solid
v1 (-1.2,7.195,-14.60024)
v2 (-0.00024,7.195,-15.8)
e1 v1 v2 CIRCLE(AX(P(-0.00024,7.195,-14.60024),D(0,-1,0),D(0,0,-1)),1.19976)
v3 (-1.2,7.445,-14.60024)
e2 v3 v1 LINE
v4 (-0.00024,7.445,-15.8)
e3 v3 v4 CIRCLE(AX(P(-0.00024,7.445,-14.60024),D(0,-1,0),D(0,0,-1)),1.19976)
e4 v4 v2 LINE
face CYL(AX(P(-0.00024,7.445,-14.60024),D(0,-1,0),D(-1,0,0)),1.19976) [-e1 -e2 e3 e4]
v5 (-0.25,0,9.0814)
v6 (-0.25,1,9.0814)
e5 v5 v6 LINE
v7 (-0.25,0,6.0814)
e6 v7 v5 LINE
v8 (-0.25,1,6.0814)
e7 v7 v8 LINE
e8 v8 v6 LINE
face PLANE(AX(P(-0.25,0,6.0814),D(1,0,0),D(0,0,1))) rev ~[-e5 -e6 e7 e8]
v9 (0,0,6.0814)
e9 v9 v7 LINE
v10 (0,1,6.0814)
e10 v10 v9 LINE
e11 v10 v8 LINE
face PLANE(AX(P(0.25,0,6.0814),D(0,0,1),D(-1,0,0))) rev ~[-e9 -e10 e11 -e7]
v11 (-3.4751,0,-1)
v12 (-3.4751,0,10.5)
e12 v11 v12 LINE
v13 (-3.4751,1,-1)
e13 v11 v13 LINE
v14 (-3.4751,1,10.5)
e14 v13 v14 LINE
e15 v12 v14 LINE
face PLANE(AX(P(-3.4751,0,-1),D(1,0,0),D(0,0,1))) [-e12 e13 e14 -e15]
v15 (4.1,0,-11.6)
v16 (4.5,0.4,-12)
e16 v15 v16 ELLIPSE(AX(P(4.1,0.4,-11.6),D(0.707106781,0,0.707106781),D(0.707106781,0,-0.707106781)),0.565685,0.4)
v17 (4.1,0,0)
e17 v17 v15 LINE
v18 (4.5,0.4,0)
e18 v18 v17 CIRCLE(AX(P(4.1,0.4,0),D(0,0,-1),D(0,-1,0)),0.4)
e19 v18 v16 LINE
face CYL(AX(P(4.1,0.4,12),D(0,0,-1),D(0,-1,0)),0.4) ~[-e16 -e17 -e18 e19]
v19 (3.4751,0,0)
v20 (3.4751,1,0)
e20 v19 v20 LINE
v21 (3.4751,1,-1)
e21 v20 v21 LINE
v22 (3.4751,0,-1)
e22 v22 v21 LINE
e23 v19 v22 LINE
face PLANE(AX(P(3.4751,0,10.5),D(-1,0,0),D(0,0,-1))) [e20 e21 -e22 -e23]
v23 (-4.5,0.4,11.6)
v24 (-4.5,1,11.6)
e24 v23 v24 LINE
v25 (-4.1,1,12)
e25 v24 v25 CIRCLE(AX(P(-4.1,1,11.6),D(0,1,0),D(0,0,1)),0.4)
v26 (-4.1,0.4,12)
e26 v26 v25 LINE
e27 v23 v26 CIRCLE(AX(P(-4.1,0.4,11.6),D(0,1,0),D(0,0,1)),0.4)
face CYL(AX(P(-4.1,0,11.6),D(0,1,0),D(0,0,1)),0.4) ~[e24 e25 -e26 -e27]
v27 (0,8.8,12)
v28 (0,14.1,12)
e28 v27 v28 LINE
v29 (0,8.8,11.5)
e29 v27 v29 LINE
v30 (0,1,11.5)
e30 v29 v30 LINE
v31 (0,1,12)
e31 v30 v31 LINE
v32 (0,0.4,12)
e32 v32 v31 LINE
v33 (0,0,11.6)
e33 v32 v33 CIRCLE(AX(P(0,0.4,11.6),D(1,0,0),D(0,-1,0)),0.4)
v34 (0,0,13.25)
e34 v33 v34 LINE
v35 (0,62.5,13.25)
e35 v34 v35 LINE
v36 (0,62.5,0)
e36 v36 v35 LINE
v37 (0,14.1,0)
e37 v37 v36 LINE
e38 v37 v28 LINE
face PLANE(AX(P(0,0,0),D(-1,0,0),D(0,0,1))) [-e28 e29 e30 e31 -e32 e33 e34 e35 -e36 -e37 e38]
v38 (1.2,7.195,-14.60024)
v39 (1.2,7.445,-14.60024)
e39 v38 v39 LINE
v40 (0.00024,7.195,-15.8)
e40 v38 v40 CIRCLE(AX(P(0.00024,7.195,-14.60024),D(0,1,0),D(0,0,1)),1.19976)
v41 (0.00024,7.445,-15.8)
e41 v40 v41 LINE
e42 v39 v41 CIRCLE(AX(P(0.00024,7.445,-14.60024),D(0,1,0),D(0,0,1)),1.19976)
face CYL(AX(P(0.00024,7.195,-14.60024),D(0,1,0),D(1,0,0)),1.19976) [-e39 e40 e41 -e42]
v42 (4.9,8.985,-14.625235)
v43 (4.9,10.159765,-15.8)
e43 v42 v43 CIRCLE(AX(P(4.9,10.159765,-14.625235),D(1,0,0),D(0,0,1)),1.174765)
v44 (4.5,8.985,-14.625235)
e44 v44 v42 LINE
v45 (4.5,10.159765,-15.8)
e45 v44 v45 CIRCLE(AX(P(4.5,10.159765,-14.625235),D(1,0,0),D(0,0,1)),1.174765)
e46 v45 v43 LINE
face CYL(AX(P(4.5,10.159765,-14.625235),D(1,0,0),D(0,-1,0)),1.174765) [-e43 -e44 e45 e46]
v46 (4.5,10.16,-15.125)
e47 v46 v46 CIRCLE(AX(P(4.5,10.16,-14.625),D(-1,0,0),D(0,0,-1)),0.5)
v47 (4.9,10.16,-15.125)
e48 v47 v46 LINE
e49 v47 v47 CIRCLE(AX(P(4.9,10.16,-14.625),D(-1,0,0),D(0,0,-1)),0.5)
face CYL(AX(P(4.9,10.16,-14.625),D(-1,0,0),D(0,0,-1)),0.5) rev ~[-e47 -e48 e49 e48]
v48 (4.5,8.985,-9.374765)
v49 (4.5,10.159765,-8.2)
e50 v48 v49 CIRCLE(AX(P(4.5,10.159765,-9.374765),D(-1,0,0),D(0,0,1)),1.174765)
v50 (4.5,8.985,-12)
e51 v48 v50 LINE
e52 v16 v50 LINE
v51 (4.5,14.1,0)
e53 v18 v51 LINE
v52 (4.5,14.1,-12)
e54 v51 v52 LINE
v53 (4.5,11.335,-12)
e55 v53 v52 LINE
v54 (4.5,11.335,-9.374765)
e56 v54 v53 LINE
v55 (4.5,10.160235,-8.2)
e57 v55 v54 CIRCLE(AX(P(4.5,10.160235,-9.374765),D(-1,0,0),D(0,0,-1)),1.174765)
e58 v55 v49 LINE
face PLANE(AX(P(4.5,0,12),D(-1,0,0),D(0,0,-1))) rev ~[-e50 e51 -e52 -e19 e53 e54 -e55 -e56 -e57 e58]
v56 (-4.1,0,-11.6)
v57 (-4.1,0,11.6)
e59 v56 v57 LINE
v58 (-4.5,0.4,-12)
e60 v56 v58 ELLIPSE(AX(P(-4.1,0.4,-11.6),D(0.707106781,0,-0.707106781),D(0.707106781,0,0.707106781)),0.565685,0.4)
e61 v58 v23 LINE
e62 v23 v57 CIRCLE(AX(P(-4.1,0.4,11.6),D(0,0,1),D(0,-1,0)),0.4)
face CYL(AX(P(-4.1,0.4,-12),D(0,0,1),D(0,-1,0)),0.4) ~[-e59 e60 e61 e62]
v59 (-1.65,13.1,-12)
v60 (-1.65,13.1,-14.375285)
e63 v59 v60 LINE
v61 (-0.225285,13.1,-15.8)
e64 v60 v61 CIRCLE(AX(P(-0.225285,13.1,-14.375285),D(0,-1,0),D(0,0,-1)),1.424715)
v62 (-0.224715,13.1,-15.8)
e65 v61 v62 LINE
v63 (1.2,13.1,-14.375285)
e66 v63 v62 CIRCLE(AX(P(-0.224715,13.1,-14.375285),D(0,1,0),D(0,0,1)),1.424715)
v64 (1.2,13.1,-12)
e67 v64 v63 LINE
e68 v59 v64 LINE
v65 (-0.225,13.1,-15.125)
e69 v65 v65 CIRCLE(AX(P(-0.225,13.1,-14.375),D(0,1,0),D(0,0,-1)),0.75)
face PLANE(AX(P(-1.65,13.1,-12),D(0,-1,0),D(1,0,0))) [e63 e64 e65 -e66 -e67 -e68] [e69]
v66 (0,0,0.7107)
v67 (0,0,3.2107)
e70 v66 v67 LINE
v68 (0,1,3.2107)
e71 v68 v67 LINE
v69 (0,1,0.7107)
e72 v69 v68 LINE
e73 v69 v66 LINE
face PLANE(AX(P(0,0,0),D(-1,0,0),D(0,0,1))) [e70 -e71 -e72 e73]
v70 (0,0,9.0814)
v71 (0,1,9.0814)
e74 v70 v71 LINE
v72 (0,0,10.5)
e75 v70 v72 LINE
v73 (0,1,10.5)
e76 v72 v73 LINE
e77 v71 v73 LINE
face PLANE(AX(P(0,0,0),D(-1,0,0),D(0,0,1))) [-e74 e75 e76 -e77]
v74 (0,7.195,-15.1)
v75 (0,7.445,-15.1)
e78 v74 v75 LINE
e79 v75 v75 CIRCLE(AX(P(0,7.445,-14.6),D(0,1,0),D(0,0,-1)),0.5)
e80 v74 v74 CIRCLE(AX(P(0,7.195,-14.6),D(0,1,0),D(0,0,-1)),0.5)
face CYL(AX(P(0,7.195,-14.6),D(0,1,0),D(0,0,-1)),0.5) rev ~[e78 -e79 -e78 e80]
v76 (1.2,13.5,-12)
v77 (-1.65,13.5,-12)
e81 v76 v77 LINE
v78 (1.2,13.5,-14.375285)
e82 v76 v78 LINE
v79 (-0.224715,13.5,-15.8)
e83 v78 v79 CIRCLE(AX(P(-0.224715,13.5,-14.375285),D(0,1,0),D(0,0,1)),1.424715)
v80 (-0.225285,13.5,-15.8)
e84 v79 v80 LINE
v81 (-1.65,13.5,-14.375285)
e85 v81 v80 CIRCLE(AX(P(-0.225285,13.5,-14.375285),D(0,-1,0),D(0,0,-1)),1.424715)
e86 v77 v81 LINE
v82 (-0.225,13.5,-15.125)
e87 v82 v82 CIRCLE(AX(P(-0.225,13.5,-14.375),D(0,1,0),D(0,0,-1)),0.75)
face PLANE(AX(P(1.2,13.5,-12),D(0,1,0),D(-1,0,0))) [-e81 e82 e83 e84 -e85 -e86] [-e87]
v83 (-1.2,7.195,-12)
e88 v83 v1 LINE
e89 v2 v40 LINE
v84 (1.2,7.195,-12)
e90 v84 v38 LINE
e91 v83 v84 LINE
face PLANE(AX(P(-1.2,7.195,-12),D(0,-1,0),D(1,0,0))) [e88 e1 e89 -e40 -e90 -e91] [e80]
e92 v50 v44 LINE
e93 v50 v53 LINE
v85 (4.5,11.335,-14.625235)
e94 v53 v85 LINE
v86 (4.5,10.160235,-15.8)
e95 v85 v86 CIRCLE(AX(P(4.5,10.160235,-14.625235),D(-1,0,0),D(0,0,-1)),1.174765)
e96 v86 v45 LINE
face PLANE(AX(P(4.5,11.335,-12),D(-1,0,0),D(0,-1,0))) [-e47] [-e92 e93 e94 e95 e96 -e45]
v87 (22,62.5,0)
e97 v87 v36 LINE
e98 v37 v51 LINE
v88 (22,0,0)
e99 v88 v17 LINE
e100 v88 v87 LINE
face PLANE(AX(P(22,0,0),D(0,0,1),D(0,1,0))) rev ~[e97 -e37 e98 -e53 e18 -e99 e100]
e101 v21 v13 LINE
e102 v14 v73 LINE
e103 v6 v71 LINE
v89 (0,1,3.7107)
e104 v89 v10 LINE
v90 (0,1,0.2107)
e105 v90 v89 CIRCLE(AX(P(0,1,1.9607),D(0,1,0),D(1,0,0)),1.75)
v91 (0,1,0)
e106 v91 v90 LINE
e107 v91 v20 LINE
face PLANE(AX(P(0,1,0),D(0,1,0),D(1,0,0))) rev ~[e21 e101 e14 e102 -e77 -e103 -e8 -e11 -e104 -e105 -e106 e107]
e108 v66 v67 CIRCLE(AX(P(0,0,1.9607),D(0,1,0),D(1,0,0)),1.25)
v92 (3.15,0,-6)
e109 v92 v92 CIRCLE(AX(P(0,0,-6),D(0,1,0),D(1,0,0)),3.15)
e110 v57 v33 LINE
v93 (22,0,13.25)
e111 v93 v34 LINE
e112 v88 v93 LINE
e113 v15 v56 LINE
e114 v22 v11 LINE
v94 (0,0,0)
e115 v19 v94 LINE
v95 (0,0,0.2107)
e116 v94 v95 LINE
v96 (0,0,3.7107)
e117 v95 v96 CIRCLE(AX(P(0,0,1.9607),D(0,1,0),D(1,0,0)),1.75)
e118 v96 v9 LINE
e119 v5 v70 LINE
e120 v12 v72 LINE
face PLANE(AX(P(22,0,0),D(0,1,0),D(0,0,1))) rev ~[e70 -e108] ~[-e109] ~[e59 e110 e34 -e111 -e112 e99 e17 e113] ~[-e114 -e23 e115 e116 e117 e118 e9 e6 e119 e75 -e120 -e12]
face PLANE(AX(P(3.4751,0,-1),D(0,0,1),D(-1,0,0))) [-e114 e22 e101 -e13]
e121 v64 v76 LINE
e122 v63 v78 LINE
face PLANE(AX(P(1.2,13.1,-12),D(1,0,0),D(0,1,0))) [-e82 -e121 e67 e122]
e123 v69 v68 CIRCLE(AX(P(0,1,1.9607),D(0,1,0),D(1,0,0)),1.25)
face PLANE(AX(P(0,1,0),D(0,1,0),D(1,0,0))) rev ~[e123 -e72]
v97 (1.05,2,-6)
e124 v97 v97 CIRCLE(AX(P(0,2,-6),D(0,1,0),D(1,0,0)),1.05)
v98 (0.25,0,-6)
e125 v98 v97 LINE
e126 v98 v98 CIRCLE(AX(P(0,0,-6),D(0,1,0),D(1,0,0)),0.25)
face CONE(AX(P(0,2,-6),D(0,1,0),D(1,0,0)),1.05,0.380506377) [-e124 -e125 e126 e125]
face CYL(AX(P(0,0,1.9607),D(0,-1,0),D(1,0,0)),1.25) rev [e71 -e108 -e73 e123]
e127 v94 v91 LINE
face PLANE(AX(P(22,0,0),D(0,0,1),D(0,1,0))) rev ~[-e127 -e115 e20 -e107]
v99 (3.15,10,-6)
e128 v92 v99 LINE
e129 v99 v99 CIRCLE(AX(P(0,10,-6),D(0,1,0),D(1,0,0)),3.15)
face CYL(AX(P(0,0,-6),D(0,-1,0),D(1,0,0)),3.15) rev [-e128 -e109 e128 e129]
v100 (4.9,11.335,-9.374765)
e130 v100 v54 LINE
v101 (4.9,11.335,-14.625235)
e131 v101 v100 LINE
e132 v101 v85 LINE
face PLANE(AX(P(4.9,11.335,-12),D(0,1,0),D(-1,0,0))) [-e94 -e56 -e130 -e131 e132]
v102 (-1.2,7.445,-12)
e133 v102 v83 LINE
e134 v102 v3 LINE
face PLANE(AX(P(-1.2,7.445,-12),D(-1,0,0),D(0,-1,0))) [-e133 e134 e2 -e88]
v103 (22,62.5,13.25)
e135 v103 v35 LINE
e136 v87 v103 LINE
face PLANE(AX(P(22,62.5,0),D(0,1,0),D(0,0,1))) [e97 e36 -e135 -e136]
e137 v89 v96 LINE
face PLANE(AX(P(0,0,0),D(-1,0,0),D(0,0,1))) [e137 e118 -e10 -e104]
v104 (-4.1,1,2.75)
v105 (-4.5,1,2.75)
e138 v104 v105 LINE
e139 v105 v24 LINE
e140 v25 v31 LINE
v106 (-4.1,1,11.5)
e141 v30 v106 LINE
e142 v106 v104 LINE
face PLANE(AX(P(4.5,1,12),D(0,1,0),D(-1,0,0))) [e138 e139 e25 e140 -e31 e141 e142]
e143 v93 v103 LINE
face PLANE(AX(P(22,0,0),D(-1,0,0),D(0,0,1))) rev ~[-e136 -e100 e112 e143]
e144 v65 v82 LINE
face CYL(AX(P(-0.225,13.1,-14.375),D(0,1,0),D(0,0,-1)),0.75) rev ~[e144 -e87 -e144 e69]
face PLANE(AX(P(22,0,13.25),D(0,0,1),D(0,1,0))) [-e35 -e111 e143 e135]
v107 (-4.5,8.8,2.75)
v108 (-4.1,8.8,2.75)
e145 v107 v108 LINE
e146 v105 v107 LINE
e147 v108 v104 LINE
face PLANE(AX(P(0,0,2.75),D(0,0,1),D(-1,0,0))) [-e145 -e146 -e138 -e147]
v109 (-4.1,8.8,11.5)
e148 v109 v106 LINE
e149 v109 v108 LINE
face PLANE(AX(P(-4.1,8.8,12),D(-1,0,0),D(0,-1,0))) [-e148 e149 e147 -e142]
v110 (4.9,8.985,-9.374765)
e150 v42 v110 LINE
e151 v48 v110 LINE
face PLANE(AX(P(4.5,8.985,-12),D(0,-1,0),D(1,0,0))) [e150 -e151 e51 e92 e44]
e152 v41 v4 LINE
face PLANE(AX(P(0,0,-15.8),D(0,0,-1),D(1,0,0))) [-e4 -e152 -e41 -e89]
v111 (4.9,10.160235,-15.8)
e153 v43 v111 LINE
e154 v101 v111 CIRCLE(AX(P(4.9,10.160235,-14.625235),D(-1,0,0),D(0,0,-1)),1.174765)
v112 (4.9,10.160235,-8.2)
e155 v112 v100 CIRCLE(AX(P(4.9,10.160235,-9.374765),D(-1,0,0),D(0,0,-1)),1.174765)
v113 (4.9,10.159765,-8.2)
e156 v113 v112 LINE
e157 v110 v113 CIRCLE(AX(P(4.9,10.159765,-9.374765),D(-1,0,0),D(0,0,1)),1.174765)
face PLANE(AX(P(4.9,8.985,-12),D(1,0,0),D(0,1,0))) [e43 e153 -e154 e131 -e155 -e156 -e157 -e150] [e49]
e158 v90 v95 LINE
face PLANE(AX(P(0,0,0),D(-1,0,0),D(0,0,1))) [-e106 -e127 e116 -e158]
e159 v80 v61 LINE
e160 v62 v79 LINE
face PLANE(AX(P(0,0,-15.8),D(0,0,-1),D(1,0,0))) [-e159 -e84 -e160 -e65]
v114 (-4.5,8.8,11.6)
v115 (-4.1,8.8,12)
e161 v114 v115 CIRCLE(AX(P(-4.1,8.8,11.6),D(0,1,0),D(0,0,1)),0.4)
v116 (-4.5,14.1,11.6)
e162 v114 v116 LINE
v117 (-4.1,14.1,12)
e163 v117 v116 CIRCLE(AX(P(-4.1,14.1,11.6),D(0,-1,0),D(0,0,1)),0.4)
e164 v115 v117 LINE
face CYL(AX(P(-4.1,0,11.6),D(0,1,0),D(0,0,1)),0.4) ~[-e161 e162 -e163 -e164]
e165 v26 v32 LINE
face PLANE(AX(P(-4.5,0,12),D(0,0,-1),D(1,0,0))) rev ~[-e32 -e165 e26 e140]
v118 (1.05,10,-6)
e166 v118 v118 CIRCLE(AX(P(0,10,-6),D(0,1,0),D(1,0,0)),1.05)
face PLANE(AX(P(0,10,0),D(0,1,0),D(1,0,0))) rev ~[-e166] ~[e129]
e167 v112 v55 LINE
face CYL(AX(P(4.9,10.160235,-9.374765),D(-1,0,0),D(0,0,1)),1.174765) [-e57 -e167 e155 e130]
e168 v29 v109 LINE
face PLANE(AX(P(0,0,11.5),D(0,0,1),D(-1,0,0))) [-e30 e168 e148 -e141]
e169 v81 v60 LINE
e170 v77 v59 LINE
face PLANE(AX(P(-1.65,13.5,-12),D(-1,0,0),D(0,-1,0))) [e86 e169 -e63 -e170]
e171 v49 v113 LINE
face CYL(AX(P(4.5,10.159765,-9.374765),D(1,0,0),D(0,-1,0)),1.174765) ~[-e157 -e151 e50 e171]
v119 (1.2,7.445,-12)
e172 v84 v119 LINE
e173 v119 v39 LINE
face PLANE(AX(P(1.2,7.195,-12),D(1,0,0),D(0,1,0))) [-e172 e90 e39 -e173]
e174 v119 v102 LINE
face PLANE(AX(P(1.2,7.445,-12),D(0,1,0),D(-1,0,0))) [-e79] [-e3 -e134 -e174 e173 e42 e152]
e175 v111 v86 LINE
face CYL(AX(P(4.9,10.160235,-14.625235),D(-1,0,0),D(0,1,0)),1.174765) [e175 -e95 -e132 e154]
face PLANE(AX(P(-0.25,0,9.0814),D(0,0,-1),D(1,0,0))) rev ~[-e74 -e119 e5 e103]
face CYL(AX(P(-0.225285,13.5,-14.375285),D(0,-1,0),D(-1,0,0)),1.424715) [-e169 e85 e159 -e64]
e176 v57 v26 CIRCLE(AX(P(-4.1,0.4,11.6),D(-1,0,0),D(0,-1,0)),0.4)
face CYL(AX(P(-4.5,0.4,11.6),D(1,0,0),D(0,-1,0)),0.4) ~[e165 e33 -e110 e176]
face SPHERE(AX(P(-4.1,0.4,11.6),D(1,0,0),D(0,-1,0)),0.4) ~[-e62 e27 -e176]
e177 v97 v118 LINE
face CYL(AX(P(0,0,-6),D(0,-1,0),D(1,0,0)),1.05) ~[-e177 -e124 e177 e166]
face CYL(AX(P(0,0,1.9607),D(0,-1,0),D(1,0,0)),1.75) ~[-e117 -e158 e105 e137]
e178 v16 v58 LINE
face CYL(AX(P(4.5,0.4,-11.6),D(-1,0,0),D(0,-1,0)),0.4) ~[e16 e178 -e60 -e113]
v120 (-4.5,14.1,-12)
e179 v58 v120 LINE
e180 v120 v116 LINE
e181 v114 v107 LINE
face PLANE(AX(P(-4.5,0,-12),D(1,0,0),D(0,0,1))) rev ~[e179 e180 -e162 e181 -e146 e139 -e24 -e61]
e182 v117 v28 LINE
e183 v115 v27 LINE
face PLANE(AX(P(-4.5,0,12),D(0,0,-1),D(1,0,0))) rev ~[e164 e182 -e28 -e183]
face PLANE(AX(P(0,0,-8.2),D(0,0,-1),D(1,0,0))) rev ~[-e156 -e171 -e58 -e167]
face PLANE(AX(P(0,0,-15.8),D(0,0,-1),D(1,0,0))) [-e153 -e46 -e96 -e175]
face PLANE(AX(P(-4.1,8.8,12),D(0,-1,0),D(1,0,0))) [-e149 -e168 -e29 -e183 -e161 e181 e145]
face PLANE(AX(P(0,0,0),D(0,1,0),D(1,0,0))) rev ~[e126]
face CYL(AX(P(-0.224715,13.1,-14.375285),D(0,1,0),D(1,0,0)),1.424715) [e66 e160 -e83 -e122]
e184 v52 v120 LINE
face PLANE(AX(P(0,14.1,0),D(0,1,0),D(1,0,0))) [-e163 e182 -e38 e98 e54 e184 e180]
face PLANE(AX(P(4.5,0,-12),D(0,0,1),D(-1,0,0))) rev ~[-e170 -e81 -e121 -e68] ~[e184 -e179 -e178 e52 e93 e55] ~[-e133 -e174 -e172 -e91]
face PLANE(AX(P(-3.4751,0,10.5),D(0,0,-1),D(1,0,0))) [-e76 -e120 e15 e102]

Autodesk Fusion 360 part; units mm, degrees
sketch "Front Face" plane through (0, 0, 0) normal (0, 1, 0) x (1, 0, 0)
  line L0 (4.5, 12) -> (-4.5, 12)
  line L1 (-4.5, 12) -> (-4.5, -12)
  line L2 (-4.5, -12) -> (4.5, -12)
  line L3 (4.5, -12) -> (4.5, 12)
  line L4 (4.5, 12) -> (-4.5, -12) construction
  line L5 (-4.5, 12) -> (4.5, -12) construction
  circle A0 centre (0, 6) radius 3.15
  line L6 (3.4751, 1) -> (-3.4751, 1)
  line L7 (-3.4751, 1) -> (-3.4751, -10.5)
  line L8 (-3.4751, -10.5) -> (3.4751, -10.5)
  line L9 (3.4751, -10.5) -> (3.4751, 1)
  line L10 (3.4751, 1) -> (-3.4751, -10.5) construction
  line L11 (-3.4751, 1) -> (3.4751, -10.5) construction
  circle A1 centre (0, 6) radius 1.05
  line L12 (0, -12) -> (0, 12) construction
  circle A2 centre (0, -1.9607) radius 1.75
  circle A3 centre (0, -1.9607) radius 1.25
  line L13 (0.25, -6.0814) -> (-0.25, -6.0814)
  line L14 (-0.25, -6.0814) -> (-0.25, -9.0814)
  line L15 (-0.25, -9.0814) -> (0.25, -9.0814)
  line L16 (0.25, -9.0814) -> (0.25, -6.0814)
  line L17 (0.25, -6.0814) -> (-0.25, -9.0814) construction
  line L18 (-0.25, -6.0814) -> (0.25, -9.0814) construction
  point P0 (0, -4.75)
  point P1 (0, -7.5814)
  dimension "d1" = 24
  dimension "d2" = 9
  dimension "d3" = 6.3
  dimension "d4" = 1.5
  dimension "d5" = 1
  dimension "d6" = 6
  dimension "d11" = 2.1
  dimension "d12" = 0.5
  dimension "d13" = 2.5
  dimension "d14" = 0.5
  dimension "d15" = 3
extrude "Extrude1" add sketch "Front Face" along normal blind 14.1 contours L0 L1 L2 L3 | A0 | L6 L7 L8 L9 | A1 | A2 | A3 | L13 L14 L15 L16
extrude "Extrude2" cut sketch "Front Face" along normal blind 10 contours A0
extrude "Extrude3" cut sketch "Front Face" along normal blind 1 contours L6 L7 L8 L9 | A3
chamfer "Chamfer1" distance 0.8 distance2 2 1 edges at (-0.9789, 0, -6.3797) measured on face at (0.3381, 0, -5.6969)
fillet "Fillet1" radius 0.4 6 edges at (4.5, 0, 0) (0, 0, 12) (-4.5, 0, 0) (0, 0, -12) (4.5, 7.05, 12) (-4.5, 7.05, 12)
sketch "Bottom Lugs" plane through (0, 0, -12) normal (0, 0, -1) x (1, 0, 0)
  line L0 (4.5, -0.4) -> (-4.5, -0.4)
  line L1 (-4.5, -0.4) -> (-4.5, -14.1)
  line L2 (-4.5, -14.1) -> (4.5, -14.1)
  line L3 (4.5, -14.1) -> (4.5, -0.4)
  line L4 (-1.2, -7.195) -> (1.2, -7.195)
  line L5 (1.2, -7.195) -> (1.2, -7.445)
  line L6 (1.2, -7.445) -> (-1.2, -7.445)
  line L7 (-1.2, -7.445) -> (-1.2, -7.195)
  line L8 (4.5, -8.985) -> (4.9, -8.985)
  line L9 (4.9, -8.985) -> (4.9, -11.335)
  line L10 (4.9, -11.335) -> (4.5, -11.335)
  line L11 (4.5, -11.335) -> (4.5, -8.985)
  line L12 (-1.65, -13.1) -> (1.2, -13.1)
  line L13 (1.2, -13.1) -> (1.2, -13.5)
  line L14 (1.2, -13.5) -> (-1.65, -13.5)
  line L15 (-1.65, -13.5) -> (-1.65, -13.1)
  line L16 (4.5, 0) -> (-4.5, 0)
  point P0 (0, -7.195)
  point P1 (1.2, -7.32)
  point P2 (1.2, -13.3)
  point P3 (4.7, -11.335)
  point P4 (4.9, -10.16)
  dimension "d21" = 0.25
  dimension "d22" = 2.4
  dimension "d23" = 0.4
  dimension "d24" = 2.35
  dimension "d25" = 2.85
  dimension "d26" = 0.4
  dimension "d28" = 7.32
  dimension "d29" = 13.3
  dimension "d30" = 4.7
  dimension "d33" = 10.16
extrude "Extrude4" add sketch "Bottom Lugs" along normal blind 3.8 contours L4 L5 L6 L7 | L12 L13 L14 L15
extrude "Extrude5" add sketch "Bottom Lugs" along normal mid plane 7.6 contours L3 L8 L9 L10 L11
fillet "Fillet2" radius 1.175 4 edges at (4.7, 8.985, -15.8) (4.7, 11.335, -15.8) (4.7, 8.985, -8.2) (4.7, 11.335, -8.2)
fillet "Fillet2" radius 1.425 2 edges at (1.2, 13.3, -15.8) (-1.65, 13.3, -15.8)
fillet "Fillet2" radius 1.2 2 edges at (1.2, 7.32, -15.8) (-1.2, 7.32, -15.8)
hole "Hole1" at (0, 7.195, -14.6) direction (0, 1, 0) diameter 1 depth 1 tip angle 180
hole "Hole2" at (-0.225, 13.1, -14.375) direction (0, 1, 0) diameter 1.5 depth 1.5 tip angle 180
hole "Hole3" at (4.9, 10.16, -14.625) direction (-1, 0, 0) diameter 1 depth 1 tip angle 180
sketch "Sketch3" plane through (0, 0, 12) normal (0, 0, 1) x (-1, 0, 0)
  line L0 (4.1, -14.1) -> (4.1, -0.4)
  line L1 (4.1, -0.4) -> (-4.1, -0.4)
  line L2 (-4.1, -0.4) -> (-4.1, -14.1)
  line L3 (-4.1, -14.1) -> (4.1, -14.1)
  line L4 (4.5, -0.4) -> (4.5, -14.1)
  line L5 (-4.5, -14.1) -> (-4.5, -0.4)
  line L6 (4.5, -8.8) -> (-4.5, -8.8)
  line L7 (-4.5, -8.8) -> (-4.5, -1)
  line L8 (-4.5, -1) -> (4.5, -1)
  line L9 (4.5, -1) -> (4.5, -8.8)
  line L10 (-4.5, 0) -> (4.5, 0)
  dimension "d48" = 1
  dimension "d49" = 8.8
extrude "Extrude6" cut sketch "Sketch3" against normal blind 0.5 contours L0 L2 L6 L8 | L0 L4 L6 L8 L9 | L2 L5 L6 L7 L8
extrude "Extrude7" cut sketch "Sketch3" against normal blind 9.25 contours L0 L4 L6 L8 L9 | L2 L5 L6 L7 L8
equation "d36 = ( 2.35 / 2 ) * 1 mm"
equation "d37 = ( 2.85 / 2 ) * 1 mm"
equation "d38 = ( 2.4 / 2 ) * 1 mm"
equation "d52 = -18.5 mm / 2"

Autodesk Fusion 360 part; units mm, degrees
box "BoxPrimitive1" add length 62.5 width 22 height 13.25 placed x (0, 1, 0) y (-1, 0, 0) z (0, 0, 1) at (22, 0, 0)
